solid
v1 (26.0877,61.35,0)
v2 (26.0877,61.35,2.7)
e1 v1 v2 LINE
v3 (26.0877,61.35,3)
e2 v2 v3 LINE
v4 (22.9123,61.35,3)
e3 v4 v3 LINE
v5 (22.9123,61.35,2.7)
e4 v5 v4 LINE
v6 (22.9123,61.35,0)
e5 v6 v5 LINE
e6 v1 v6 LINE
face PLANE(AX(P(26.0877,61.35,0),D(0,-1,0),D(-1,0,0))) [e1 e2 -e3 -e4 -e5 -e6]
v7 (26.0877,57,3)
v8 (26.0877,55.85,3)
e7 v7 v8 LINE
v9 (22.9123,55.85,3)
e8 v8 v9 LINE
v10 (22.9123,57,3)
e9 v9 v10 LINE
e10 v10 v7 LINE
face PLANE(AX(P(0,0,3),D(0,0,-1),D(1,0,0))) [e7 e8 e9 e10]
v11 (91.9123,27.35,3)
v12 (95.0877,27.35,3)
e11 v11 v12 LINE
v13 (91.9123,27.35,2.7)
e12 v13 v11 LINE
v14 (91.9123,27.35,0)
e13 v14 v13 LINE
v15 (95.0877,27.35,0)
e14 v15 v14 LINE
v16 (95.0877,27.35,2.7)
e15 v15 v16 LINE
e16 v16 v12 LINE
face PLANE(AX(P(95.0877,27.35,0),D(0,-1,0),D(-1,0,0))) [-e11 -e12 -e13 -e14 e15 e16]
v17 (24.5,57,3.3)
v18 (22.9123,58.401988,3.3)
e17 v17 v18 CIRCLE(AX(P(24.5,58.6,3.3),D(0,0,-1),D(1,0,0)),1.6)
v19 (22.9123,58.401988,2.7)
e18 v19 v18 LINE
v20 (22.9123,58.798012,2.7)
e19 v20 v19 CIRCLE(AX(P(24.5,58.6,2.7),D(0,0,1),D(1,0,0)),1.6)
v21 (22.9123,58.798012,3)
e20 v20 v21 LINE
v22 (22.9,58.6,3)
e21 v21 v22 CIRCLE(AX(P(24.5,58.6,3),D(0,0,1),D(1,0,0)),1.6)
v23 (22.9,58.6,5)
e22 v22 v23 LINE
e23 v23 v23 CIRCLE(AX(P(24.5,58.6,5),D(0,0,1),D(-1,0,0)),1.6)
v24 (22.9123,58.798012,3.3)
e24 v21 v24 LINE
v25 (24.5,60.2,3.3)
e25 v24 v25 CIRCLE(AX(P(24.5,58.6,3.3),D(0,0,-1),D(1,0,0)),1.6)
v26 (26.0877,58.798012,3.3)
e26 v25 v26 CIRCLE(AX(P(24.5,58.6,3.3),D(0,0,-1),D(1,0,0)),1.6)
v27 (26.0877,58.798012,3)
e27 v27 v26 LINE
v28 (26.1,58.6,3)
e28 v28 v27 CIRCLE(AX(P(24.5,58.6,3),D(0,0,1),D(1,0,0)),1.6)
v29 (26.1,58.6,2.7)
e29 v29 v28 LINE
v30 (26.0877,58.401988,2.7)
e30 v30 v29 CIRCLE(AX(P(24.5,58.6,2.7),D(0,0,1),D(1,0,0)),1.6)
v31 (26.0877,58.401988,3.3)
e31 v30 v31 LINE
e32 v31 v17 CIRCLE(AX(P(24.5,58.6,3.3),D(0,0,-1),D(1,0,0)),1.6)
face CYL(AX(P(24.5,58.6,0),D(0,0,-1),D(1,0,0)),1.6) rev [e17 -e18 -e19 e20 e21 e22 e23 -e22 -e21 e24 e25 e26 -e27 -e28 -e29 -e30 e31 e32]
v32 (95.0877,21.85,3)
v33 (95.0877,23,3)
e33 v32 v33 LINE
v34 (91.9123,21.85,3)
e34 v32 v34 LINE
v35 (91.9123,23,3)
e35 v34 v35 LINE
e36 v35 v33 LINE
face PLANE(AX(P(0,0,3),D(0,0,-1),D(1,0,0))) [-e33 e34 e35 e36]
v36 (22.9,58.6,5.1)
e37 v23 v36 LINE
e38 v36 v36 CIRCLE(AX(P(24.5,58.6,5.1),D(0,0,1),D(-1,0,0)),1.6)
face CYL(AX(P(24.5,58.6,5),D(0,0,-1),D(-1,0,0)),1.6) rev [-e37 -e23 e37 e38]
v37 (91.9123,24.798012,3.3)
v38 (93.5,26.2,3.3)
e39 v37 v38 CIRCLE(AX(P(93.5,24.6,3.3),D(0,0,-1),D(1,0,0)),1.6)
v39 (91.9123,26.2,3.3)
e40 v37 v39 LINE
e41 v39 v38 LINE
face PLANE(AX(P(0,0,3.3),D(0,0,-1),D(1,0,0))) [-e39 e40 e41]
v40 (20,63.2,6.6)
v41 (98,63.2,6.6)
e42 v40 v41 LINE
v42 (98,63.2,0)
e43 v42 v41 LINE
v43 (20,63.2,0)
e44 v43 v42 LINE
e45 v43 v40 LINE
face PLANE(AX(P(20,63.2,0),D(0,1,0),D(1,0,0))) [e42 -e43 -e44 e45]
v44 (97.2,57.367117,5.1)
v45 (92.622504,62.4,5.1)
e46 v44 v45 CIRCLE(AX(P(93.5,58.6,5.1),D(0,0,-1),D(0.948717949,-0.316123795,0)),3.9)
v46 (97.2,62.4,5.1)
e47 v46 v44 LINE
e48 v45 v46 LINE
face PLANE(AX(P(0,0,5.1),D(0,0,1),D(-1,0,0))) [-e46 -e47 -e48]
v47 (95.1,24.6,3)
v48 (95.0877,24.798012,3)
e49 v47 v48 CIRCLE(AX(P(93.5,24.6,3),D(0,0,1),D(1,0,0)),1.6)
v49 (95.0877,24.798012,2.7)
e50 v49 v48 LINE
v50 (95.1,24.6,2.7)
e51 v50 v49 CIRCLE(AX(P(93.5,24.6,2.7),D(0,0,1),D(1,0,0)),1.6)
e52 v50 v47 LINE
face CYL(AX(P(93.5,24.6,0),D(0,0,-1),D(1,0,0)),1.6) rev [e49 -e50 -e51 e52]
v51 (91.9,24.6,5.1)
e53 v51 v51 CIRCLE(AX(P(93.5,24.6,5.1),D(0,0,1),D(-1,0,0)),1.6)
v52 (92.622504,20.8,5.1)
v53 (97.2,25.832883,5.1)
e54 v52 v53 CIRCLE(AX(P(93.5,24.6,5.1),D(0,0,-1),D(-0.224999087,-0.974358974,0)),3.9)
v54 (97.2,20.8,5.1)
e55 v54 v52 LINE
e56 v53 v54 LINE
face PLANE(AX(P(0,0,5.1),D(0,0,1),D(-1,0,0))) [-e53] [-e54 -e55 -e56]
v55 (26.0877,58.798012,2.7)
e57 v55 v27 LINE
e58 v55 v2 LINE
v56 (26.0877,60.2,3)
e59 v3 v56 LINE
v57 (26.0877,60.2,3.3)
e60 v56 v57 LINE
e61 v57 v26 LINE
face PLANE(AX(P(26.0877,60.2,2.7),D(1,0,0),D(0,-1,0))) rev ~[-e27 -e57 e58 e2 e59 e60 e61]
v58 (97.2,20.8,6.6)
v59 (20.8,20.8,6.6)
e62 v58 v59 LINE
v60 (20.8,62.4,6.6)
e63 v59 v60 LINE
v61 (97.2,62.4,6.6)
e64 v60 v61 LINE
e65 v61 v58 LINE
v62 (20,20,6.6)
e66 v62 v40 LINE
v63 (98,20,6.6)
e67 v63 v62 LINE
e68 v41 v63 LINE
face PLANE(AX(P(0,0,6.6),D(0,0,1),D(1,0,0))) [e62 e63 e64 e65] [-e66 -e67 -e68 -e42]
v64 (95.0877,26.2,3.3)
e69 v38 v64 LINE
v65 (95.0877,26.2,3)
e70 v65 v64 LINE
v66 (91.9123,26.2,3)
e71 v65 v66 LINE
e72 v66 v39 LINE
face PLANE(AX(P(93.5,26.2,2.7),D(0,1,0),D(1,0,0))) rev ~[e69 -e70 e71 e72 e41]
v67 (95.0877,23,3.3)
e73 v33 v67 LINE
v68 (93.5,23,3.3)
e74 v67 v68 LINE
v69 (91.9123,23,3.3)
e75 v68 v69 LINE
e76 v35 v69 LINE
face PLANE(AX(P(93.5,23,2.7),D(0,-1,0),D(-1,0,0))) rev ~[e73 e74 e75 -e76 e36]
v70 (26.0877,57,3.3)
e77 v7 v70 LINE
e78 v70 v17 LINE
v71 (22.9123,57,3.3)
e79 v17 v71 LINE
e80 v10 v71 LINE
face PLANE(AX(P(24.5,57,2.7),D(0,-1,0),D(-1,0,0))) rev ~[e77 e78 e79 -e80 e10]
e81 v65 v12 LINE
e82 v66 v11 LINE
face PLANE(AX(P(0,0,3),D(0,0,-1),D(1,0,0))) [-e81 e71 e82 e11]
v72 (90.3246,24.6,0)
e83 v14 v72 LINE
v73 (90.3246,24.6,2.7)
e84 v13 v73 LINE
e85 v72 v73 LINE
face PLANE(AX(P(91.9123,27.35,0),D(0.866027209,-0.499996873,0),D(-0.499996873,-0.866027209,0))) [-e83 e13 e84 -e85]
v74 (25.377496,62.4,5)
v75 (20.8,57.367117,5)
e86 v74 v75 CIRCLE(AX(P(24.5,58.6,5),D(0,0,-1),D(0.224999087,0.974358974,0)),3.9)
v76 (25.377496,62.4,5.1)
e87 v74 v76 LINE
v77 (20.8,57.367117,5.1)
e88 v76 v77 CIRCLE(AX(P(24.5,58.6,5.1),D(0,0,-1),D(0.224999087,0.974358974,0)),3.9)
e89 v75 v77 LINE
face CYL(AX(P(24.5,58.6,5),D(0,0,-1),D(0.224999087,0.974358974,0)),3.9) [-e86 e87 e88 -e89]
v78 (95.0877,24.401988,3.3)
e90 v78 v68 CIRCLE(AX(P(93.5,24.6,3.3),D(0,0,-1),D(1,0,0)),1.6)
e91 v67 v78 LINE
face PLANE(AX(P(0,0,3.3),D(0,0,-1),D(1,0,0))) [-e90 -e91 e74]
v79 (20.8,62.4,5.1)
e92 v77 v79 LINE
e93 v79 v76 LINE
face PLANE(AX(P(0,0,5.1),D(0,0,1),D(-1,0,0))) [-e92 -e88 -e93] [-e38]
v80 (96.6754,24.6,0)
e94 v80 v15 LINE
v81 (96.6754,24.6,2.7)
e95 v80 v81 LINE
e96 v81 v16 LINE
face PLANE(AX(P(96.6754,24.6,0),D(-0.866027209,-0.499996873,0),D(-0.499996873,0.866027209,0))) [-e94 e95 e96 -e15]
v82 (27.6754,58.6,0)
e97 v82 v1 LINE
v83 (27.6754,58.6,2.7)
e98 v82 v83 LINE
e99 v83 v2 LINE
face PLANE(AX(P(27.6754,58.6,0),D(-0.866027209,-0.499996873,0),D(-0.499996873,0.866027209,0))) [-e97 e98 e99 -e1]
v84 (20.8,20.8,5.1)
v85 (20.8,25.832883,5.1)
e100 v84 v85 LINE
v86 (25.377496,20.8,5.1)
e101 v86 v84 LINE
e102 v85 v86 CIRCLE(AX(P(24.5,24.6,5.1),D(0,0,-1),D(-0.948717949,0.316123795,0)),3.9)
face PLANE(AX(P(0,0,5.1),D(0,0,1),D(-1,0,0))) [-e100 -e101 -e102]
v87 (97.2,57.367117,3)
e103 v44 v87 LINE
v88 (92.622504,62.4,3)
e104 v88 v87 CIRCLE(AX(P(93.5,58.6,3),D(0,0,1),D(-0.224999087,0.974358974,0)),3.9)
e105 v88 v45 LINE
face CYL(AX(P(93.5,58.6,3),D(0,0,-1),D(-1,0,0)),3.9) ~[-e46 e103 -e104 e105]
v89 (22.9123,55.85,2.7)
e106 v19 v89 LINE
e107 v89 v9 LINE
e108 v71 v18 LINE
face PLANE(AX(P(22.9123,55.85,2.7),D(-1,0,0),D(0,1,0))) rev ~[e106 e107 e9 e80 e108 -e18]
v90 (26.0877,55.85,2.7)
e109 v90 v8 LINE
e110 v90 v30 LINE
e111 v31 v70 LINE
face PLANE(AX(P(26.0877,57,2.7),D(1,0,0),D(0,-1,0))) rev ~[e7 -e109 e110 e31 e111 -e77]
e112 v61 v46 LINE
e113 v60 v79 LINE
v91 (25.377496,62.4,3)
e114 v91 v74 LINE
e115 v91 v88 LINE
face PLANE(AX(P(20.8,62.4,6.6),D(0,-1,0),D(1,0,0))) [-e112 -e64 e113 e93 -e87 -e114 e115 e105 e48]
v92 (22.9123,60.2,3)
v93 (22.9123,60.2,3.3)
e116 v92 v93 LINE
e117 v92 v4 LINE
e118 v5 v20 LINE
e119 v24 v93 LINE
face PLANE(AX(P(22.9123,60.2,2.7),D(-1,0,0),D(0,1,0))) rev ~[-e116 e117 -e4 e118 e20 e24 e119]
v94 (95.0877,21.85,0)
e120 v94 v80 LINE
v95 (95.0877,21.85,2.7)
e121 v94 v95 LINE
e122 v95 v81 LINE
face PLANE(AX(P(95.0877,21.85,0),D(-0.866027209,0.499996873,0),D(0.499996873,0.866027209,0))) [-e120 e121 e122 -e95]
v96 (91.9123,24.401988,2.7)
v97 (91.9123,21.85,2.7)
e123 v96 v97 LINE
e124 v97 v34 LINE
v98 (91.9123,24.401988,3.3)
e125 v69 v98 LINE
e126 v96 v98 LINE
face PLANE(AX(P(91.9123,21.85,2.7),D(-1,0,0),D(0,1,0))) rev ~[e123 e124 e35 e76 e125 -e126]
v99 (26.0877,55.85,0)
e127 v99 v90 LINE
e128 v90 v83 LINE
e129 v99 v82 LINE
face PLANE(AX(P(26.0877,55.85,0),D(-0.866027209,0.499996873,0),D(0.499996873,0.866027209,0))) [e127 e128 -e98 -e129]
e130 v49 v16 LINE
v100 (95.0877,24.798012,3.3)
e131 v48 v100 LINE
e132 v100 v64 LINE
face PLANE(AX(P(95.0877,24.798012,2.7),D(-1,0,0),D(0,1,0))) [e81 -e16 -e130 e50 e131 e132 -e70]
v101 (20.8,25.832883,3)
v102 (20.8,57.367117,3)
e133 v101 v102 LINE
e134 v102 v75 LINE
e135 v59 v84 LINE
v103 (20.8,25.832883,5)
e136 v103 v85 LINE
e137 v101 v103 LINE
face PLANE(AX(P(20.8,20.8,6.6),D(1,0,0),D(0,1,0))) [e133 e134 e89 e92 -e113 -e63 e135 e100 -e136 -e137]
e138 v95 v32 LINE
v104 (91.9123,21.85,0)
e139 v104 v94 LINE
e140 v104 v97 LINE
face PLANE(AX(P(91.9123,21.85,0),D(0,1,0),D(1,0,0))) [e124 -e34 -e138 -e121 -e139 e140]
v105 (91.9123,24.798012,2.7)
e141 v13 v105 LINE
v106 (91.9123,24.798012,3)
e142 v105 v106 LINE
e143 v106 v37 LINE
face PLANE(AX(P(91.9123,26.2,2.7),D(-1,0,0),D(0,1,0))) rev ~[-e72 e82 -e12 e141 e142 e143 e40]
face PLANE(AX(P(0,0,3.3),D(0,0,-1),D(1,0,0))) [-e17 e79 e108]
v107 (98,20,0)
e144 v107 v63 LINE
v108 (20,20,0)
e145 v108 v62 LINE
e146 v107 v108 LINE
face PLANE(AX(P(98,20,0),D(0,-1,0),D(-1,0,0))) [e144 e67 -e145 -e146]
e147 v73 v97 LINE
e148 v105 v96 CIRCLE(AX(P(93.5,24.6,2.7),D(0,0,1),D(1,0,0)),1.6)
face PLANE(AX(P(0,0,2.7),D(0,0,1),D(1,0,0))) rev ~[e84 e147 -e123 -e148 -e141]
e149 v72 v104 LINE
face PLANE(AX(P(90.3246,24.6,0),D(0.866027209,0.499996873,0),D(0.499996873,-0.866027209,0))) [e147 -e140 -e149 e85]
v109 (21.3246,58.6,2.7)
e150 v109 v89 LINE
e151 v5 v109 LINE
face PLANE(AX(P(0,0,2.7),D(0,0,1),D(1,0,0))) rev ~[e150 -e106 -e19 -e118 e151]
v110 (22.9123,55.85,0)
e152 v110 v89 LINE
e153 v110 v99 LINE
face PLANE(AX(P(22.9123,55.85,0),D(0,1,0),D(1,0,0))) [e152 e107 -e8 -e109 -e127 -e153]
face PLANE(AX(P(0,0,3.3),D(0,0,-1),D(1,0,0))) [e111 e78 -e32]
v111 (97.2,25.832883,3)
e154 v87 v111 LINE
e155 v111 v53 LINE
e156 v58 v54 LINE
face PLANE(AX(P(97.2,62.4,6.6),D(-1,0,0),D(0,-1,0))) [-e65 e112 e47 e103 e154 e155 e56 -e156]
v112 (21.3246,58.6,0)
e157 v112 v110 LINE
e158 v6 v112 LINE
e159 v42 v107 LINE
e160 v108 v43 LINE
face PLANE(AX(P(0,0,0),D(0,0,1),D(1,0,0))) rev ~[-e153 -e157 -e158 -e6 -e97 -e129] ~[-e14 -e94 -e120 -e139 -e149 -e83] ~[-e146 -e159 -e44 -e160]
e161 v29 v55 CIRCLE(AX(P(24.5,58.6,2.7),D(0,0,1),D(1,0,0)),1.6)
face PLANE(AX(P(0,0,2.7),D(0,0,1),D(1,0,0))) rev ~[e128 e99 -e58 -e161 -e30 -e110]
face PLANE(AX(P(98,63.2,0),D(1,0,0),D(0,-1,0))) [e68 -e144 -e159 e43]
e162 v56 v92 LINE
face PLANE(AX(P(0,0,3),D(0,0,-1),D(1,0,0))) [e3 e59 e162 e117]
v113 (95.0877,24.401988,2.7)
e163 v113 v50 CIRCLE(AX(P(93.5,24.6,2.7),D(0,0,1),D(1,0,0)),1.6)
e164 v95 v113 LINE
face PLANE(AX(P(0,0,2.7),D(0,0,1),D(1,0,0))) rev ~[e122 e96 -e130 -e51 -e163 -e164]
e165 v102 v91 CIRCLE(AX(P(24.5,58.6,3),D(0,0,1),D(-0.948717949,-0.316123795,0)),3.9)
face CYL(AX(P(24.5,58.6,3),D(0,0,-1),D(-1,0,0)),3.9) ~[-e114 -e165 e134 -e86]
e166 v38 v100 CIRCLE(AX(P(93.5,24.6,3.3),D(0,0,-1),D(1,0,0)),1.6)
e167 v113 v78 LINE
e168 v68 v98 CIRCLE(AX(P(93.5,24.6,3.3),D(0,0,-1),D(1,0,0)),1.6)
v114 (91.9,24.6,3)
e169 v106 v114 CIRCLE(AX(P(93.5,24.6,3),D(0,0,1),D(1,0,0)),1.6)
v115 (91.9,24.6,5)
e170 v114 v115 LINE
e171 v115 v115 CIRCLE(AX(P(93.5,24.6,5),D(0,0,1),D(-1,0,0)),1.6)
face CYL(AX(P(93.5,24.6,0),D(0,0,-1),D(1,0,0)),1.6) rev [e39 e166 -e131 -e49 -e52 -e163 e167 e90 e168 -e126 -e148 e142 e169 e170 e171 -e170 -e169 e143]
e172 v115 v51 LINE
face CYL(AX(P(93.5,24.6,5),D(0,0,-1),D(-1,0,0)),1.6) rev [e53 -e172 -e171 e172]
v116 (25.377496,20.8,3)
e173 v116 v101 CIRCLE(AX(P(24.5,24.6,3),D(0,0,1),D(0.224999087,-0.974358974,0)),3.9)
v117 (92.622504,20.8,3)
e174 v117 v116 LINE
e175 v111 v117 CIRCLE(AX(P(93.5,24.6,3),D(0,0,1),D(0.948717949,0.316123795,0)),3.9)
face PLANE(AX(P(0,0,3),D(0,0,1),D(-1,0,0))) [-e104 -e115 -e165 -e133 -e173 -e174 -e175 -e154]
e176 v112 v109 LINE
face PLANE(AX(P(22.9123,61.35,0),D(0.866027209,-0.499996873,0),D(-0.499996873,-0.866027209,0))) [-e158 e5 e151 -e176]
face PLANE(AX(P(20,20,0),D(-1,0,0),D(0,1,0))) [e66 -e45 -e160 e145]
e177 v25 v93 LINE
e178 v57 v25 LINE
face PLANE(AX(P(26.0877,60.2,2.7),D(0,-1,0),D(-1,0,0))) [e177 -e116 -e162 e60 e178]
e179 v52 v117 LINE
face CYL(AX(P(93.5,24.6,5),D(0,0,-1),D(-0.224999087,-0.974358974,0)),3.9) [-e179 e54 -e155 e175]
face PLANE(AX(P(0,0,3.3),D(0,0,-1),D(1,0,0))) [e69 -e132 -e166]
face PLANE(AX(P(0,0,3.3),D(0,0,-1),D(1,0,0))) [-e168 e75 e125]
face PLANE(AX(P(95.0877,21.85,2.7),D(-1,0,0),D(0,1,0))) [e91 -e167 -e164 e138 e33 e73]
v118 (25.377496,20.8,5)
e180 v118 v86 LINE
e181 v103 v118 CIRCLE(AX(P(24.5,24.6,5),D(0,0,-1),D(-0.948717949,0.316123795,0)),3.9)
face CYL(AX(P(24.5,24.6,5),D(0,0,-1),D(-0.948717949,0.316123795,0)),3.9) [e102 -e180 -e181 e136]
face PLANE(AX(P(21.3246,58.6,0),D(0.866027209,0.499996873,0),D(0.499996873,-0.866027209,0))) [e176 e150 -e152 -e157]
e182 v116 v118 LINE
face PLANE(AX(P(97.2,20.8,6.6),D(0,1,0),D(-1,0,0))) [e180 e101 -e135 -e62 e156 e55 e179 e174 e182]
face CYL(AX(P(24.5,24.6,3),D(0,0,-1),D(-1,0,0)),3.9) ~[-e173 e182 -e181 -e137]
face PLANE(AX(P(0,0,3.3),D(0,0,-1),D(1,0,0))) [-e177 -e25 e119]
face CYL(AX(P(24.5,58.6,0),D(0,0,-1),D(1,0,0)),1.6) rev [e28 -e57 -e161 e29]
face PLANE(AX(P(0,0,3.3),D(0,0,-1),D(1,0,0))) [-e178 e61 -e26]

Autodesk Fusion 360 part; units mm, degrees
sketch "Sketch1" plane through (0, 0, 0) normal (0, 0, 1) x (1, 0, 0)
  line L0 (20, 63.2) -> (98, 63.2)
  line L1 (98, 63.2) -> (98, 20)
  line L2 (98, 20) -> (20, 20)
  line L3 (20, 20) -> (20, 63.2)
  dimension "d1" = 78
  dimension "d2" = 20
  dimension "d4" = 43.2
  dimension "d5" = 20
extrude "Extrude4" add sketch "Sketch1" along normal blind 6.6
sketch "Profondeurboite" plane through (0, 0, 6.6) normal (0, 0, 1) x (-1, 0, 0)
  line L0 (-20, -20) -> (-98, -20)
  line L1 (-98, -20) -> (-98, -63.2)
  line L2 (-98, -63.2) -> (-20, -63.2)
  line L3 (-20, -63.2) -> (-20, -20)
  line L4 (-97.2, -20.8) -> (-20.8, -20.8)
  line L5 (-20.8, -20.8) -> (-20.8, -62.4)
  line L6 (-20.8, -62.4) -> (-97.2, -62.4)
  line L7 (-97.2, -62.4) -> (-97.2, -20.8)
  dimension "d20" = 76.4
  dimension "d21" = 41.6
  dimension "d22" = 0.8
  dimension "d23" = 0.8
extrude "Extrude6" cut sketch "Profondeurboite" against normal blind 3.6 contours L4 L5 L6 L7
sketch "trous pour ecrous" plane through (0, 0, 0) normal (0, 0, 1) x (1, 0, 0)
  line L0 (20, 20) -> (20, 63.2)
  line L1 (20, 63.2) -> (98, 63.2)
  line L2 (98, 20) -> (20, 20)
  line L3 (98, 63.2) -> (98, 20)
  line L4 (26.0877, 55.85) -> (27.6754, 58.6)
  line L5 (27.6754, 58.6) -> (26.0877, 61.35)
  line L6 (26.0877, 61.35) -> (22.9123, 61.35)
  line L7 (22.9123, 61.35) -> (21.3246, 58.6)
  line L8 (21.3246, 58.6) -> (22.9123, 55.85)
  line L9 (22.9123, 55.85) -> (26.0877, 55.85)
  line L10 (95.0877, 21.85) -> (96.6754, 24.6)
  line L11 (96.6754, 24.6) -> (95.0877, 27.35)
  line L12 (95.0877, 27.35) -> (91.9123, 27.35)
  line L13 (91.9123, 27.35) -> (90.3246, 24.6)
  line L14 (90.3246, 24.6) -> (91.9123, 21.85)
  line L15 (91.9123, 21.85) -> (95.0877, 21.85)
  circle A0 centre (24.5, 58.6) radius 1.6
  circle A1 centre (93.5, 24.6) radius 1.6
  point P0 (24.5, 58.6)
  point P1 (93.5, 24.6)
  dimension "d32" = 2.75
  dimension "d33" = 4.5
  dimension "d34" = 4.6
  dimension "d35" = 2.75
  dimension "d36" = 4.6
  dimension "d37" = 4.5
  dimension "d38" = 3.2
  dimension "d39" = 3.2
extrude "Extrude7" cut sketch "trous pour ecrous" along normal blind 3 contours A0 | A1
extrude "Extrude8" cut sketch "trous pour ecrous" along normal blind 2.7 contours L4 L5 L6 L7 L8 L9 | L10 L11 L12 L13 L14 L15
sketch "Extensions decrous" plane through (0, 0, 3) normal (0, 0, 1) x (-1, 0, 0)
  circle A0 centre (-24.5, -58.6) radius 1.6
  circle A1 centre (-93.5, -24.6) radius 1.6
  line L0 (-97.2, -62.4) -> (-20.8, -62.4)
  line L1 (-20.8, -62.4) -> (-20.8, -20.8)
  line L2 (-20.8, -20.8) -> (-97.2, -20.8)
  line L3 (-97.2, -20.8) -> (-97.2, -62.4)
  circle A2 centre (-24.5, -58.6) radius 3.9
  circle A3 centre (-93.5, -24.6) radius 3.9
  circle A4 centre (-93.5, -58.6) radius 3.9
  line L4 (-24.5, -58.6) -> (-97.2, -58.6)
  line L5 (-20, -63.2) -> (-98, -63.2)
  line L6 (-93.5, -24.6) -> (-93.5, -62.4)
  line L7 (-24.5, -58.6) -> (-24.5, -20.8)
  line L8 (-93.5, -24.6) -> (-20.8, -24.6)
  line L9 (-98, -20) -> (-20, -20)
  line L10 (-20, -20) -> (-20, -63.2)
  circle A5 centre (-24.5, -24.6) radius 3.9
  point P0 (-24.5, -58.6)
  point P1 (-93.5, -24.6)
  dimension "d44" = 7.8
  dimension "d45" = 7.8
  dimension "d48" = 7.8
  dimension "d49" = 7.8
extrude "Extrude9" add sketch "Extensions decrous" along normal blind 2 contours A0 L0 L1 A2 L4 L7 | A0 A2 L4 L7 | A1 L2 L3 A3 L6 L8 | A1 A3 L6 L8
extrude "Extrude10" add sketch "Extensions decrous" along normal blind 2 contours L7 L8 A5 | L1 L7 L8 A5 | A4 L4 L6 | L0 A4 L4 L6 | L2 L7 L8 A5 | L1 L2 L7 L8 A5 | L3 A4 L4 L6 | L0 L3 A4 L4 L6
sketch "planDroite" plane through (0, 0, 2.7) normal (0, 0, -1) x (1, 0, 0)
  circle A0 centre (93.5, -24.6) radius 1.6
  line L0 (95.0877, -21.85) -> (91.9123, -21.85)
  line L1 (91.9123, -21.85) -> (90.3246, -24.6)
  line L2 (90.3246, -24.6) -> (91.9123, -27.35)
  line L3 (91.9123, -27.35) -> (95.0877, -27.35)
  line L4 (95.0877, -27.35) -> (96.6754, -24.6)
  line L5 (96.6754, -24.6) -> (95.0877, -21.85)
  line L6 (95.0877, -21.85) -> (95.0877, -27.35)
  line L7 (91.9123, -21.85) -> (91.9123, -27.35)
  line L8 (91.9123, -26.2) -> (95.0877, -26.2)
  line L9 (95.0877, -23) -> (91.9123, -23)
sketch "PlanGauche" plane through (0, 0, 2.7) normal (0, 0, -1) x (1, 0, 0)
  circle A0 centre (24.5, -58.6) radius 1.6
  line L0 (26.0877, -55.85) -> (22.9123, -55.85)
  line L1 (22.9123, -55.85) -> (21.3246, -58.6)
  line L2 (21.3246, -58.6) -> (22.9123, -61.35)
  line L3 (22.9123, -61.35) -> (26.0877, -61.35)
  line L4 (26.0877, -61.35) -> (27.6754, -58.6)
  line L5 (27.6754, -58.6) -> (26.0877, -55.85)
  line L6 (22.9123, -55.85) -> (22.9123, -61.35)
  line L7 (26.0877, -61.35) -> (26.0877, -55.85)
  line L8 (26.0877, -57) -> (22.9123, -57)
  line L9 (26.0877, -60.2) -> (22.9123, -60.2)
extrude "Extrude11" cut sketch "planDroite" sketch "PlanGauche" against normal blind 0.6 contours A0 L6 L9 | A0 L6 L8 | A0 L7 L9 | A0 L7 L8 of sketch 2 contours A0 L7 L8 | A0 L7 L9 | A0 L6 L8 | A0 L6 L9
extrude "Extrude12" cut sketch "planDroite" sketch "PlanGauche" against normal blind 0.3 contours L0 L6 L7 L9 | L3 L6 L7 L8 of sketch 2 contours L0 L6 L7 L8 | L3 L6 L7 L9
extrude "Extrude13" add 4 faces at (96.4781, 61.785, 3) (96.4781, 21.415, 3) (21.5219, 61.785, 3) (21.5219, 21.415, 3) along direction (0, 0, 1) up to surface end surface through (0, 0, 5) normal (0, 0, 1) offset 0
extrude "Extrude14" add 4 faces at (95.6742, 60.7224, 5) (23.3643, 61.6298, 5) (22.3258, 22.4776, 5) (94.6357, 21.5702, 5) along direction (0, 0, 1) blind 0.1
